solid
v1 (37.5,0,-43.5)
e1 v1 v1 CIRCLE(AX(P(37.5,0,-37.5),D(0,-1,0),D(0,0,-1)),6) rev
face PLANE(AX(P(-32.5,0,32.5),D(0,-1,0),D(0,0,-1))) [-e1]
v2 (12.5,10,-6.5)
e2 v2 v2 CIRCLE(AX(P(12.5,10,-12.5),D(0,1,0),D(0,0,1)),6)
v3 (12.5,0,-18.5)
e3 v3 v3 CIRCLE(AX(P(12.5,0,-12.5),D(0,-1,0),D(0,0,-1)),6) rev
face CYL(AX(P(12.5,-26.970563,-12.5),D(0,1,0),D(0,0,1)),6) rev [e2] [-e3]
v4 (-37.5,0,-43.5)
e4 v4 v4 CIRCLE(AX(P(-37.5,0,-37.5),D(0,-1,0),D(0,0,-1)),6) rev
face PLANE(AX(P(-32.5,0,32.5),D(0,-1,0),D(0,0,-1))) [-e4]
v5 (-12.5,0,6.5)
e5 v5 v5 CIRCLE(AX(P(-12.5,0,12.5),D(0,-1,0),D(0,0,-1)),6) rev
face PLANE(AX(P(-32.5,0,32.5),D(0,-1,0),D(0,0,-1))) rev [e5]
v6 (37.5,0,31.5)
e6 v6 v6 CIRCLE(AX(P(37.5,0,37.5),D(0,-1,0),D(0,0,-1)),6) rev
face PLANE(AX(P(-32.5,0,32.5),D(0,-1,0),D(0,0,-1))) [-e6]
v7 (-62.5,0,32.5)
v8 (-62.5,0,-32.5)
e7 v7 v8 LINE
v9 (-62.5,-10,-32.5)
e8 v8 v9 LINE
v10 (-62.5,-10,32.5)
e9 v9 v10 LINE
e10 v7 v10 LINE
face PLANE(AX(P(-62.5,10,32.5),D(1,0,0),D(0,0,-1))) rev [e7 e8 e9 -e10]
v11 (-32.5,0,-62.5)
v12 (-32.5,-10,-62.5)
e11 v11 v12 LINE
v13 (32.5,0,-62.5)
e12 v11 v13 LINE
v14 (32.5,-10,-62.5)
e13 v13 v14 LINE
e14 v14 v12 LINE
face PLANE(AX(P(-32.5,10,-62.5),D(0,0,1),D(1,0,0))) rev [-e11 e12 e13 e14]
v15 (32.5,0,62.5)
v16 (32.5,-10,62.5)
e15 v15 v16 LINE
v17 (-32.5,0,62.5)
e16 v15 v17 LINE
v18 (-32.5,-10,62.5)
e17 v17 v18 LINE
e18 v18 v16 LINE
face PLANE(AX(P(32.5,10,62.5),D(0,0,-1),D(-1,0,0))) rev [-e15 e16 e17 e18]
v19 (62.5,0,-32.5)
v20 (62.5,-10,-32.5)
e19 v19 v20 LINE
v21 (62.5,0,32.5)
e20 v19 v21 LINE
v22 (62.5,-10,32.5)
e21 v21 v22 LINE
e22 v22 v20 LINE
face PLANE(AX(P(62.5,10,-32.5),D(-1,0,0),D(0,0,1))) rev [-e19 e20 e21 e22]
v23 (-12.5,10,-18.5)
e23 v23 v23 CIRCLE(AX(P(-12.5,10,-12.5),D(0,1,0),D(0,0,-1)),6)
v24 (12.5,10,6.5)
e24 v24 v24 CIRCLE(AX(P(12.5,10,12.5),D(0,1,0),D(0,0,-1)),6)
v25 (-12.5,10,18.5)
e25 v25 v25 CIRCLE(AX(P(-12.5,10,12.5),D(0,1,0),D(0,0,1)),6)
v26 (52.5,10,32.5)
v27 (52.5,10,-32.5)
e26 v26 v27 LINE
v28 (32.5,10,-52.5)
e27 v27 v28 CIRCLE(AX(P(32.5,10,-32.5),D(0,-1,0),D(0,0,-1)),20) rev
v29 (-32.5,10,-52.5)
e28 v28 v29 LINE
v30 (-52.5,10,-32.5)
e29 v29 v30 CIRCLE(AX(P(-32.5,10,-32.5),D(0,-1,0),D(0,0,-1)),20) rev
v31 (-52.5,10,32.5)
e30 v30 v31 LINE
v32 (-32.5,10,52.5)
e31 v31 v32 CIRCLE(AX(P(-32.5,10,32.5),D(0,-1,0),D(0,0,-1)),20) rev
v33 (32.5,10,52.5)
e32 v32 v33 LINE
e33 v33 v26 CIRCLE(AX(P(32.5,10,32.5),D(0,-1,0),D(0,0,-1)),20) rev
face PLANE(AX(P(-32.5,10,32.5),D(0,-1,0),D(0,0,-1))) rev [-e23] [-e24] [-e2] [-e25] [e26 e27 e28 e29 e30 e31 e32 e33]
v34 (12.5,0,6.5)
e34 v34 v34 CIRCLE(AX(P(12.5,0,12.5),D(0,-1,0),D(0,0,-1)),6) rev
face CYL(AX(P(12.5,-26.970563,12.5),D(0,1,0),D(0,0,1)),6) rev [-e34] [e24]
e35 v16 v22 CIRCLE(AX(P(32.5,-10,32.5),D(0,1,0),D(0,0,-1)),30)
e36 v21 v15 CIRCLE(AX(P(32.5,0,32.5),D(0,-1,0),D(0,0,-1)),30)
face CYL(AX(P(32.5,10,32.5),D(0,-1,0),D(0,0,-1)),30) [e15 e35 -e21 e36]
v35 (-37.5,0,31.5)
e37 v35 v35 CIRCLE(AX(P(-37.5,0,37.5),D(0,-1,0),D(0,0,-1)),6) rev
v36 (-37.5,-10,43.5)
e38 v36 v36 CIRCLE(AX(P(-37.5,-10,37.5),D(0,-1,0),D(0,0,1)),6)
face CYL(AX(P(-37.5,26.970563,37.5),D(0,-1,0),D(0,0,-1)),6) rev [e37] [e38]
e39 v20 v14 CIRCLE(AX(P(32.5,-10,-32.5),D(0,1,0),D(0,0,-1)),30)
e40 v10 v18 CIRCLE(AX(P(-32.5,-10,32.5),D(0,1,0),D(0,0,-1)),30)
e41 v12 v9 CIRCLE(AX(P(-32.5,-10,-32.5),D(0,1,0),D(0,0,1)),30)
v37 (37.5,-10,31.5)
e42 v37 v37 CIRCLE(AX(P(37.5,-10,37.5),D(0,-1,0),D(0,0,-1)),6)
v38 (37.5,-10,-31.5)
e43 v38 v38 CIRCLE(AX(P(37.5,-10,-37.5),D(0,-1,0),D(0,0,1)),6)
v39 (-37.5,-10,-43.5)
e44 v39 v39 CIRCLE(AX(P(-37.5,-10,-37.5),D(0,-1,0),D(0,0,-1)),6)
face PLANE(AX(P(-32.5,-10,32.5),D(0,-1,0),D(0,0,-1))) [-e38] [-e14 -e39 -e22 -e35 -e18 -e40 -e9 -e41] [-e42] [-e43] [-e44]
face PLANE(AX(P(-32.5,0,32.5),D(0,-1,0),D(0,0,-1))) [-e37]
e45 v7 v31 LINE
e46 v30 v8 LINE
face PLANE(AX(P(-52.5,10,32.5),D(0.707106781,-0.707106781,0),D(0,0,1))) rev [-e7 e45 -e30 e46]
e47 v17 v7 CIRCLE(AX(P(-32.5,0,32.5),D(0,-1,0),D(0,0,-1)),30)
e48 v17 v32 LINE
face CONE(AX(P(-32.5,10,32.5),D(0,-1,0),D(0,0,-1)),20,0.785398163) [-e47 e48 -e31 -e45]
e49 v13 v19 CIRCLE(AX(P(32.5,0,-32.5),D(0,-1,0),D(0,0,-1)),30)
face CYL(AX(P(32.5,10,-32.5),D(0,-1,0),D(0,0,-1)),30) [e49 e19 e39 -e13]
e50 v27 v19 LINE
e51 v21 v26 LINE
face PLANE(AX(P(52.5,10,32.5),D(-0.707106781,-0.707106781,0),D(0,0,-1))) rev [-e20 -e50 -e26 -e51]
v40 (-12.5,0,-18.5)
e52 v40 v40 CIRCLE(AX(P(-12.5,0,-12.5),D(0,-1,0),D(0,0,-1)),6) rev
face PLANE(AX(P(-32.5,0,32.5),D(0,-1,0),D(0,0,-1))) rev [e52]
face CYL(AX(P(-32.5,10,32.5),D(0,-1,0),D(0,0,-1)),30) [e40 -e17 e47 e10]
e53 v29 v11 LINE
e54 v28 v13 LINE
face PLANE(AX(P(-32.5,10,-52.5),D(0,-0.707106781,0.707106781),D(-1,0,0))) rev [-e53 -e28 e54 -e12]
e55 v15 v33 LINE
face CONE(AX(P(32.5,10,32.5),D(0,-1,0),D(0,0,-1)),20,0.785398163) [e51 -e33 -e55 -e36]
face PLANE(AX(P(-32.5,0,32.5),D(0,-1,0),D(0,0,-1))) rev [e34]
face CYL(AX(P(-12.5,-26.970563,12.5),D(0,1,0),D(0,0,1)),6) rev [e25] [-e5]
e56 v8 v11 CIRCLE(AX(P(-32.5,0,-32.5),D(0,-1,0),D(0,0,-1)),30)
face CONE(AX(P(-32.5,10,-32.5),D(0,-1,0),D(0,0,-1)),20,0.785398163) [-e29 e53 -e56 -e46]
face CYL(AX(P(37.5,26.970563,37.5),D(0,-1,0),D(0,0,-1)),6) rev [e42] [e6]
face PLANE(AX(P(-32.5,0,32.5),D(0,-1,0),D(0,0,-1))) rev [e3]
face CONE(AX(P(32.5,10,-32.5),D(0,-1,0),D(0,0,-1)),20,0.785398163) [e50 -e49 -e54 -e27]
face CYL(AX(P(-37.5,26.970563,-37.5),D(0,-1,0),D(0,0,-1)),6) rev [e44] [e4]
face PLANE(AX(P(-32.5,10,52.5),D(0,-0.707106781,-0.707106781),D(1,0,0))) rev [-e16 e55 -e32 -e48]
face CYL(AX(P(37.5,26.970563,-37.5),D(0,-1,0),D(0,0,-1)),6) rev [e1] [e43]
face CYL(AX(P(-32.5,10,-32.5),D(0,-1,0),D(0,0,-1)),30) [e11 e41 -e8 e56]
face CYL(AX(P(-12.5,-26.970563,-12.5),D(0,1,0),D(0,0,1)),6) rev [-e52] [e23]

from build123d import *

# Parameters (mm, degrees)
BOSS_EXTRUDE1_DEPTH = 10
CHAMFER1_SIZE       = 10
SKETCH2_R           = 6
CUT_EXTRUDE1_DEPTH  = 10
SKETCH3_R           = 6
CUT_EXTRUDE2_DEPTH  = 10


with BuildPart() as part:
    # Sketch1 → Boss-Extrude1 (new, symmetric)
    with BuildSketch(Plane(origin=(0, 0, 0), x_dir=(1, 0, 0), z_dir=(0, 1, 0))):
        with BuildLine():
            Line((-32.5, 62.5), (32.5, 62.5))
            ThreePointArc((32.5, 62.5), (53.713203436, 53.713203436), (62.5, 32.5))
            Line((62.5, 32.5), (62.5, -32.5))
            ThreePointArc((62.5, -32.5), (53.713203436, -53.713203436), (32.5, -62.5))
            Line((32.5, -62.5), (-32.5, -62.5))
            ThreePointArc((-32.5, -62.5), (-53.713203436, -53.713203436), (-62.5, -32.5))
            Line((-62.5, -32.5), (-62.5, 32.5))
            ThreePointArc((-62.5, 32.5), (-53.713203436, 53.713203436), (-32.5, 62.5))
        make_face()
    extrude(amount=BOSS_EXTRUDE1_DEPTH, both=True)

    # Chamfer1
    chamfer1_edges = [part.edges().sort_by_distance(p)[0] for p in [
        (53.713203436, 10, 53.713203436),
        (62.5, 10, 0),
        (53.713203436, 10, -53.713203436),
        (0, 10, -62.5),
        (-53.713203436, 10, -53.713203436),
        (-62.5, 10, 0),
        (-53.713203436, 10, 53.713203436),
        (0, 10, 62.5),
    ]]
    chamfer(chamfer1_edges, length=CHAMFER1_SIZE)

    # Sketch2 → Cut-Extrude1 (cut)
    with BuildSketch(Plane(origin=(0, 10, 0), x_dir=(1, 0, 0), z_dir=(0, 1, 0))):
        with Locations(Location((12.5, 12.5, 0), (0, 0, 270))):
            Circle(SKETCH2_R)
        with Locations(Location((-12.5, 12.5, 0), (0, 0, 90))):
            Circle(SKETCH2_R)
        with Locations(Location((12.5, -12.5, 0), (0, 0, 90))):
            Circle(SKETCH2_R)
        with Locations(Location((-12.5, -12.5, 0), (0, 0, 270))):
            Circle(SKETCH2_R)
    extrude(amount=-CUT_EXTRUDE1_DEPTH, mode=Mode.SUBTRACT)

    # Sketch3 → Cut-Extrude2 (cut)
    with BuildSketch(Plane.XZ.offset(10)):
        with Locations(Location((37.5, 37.5, 0), (0, 0, 270))):
            Circle(SKETCH3_R)
        with Locations(Location((-37.5, 37.5, 0), (0, 0, 270))):
            Circle(SKETCH3_R)
        with Locations(Location((37.5, -37.5, 0), (0, 0, 270))):
            Circle(SKETCH3_R)
        with Locations(Location((-37.5, -37.5, 0), (0, 0, 270))):
            Circle(SKETCH3_R)
    extrude(amount=-CUT_EXTRUDE2_DEPTH, mode=Mode.SUBTRACT)


solid = part.part
